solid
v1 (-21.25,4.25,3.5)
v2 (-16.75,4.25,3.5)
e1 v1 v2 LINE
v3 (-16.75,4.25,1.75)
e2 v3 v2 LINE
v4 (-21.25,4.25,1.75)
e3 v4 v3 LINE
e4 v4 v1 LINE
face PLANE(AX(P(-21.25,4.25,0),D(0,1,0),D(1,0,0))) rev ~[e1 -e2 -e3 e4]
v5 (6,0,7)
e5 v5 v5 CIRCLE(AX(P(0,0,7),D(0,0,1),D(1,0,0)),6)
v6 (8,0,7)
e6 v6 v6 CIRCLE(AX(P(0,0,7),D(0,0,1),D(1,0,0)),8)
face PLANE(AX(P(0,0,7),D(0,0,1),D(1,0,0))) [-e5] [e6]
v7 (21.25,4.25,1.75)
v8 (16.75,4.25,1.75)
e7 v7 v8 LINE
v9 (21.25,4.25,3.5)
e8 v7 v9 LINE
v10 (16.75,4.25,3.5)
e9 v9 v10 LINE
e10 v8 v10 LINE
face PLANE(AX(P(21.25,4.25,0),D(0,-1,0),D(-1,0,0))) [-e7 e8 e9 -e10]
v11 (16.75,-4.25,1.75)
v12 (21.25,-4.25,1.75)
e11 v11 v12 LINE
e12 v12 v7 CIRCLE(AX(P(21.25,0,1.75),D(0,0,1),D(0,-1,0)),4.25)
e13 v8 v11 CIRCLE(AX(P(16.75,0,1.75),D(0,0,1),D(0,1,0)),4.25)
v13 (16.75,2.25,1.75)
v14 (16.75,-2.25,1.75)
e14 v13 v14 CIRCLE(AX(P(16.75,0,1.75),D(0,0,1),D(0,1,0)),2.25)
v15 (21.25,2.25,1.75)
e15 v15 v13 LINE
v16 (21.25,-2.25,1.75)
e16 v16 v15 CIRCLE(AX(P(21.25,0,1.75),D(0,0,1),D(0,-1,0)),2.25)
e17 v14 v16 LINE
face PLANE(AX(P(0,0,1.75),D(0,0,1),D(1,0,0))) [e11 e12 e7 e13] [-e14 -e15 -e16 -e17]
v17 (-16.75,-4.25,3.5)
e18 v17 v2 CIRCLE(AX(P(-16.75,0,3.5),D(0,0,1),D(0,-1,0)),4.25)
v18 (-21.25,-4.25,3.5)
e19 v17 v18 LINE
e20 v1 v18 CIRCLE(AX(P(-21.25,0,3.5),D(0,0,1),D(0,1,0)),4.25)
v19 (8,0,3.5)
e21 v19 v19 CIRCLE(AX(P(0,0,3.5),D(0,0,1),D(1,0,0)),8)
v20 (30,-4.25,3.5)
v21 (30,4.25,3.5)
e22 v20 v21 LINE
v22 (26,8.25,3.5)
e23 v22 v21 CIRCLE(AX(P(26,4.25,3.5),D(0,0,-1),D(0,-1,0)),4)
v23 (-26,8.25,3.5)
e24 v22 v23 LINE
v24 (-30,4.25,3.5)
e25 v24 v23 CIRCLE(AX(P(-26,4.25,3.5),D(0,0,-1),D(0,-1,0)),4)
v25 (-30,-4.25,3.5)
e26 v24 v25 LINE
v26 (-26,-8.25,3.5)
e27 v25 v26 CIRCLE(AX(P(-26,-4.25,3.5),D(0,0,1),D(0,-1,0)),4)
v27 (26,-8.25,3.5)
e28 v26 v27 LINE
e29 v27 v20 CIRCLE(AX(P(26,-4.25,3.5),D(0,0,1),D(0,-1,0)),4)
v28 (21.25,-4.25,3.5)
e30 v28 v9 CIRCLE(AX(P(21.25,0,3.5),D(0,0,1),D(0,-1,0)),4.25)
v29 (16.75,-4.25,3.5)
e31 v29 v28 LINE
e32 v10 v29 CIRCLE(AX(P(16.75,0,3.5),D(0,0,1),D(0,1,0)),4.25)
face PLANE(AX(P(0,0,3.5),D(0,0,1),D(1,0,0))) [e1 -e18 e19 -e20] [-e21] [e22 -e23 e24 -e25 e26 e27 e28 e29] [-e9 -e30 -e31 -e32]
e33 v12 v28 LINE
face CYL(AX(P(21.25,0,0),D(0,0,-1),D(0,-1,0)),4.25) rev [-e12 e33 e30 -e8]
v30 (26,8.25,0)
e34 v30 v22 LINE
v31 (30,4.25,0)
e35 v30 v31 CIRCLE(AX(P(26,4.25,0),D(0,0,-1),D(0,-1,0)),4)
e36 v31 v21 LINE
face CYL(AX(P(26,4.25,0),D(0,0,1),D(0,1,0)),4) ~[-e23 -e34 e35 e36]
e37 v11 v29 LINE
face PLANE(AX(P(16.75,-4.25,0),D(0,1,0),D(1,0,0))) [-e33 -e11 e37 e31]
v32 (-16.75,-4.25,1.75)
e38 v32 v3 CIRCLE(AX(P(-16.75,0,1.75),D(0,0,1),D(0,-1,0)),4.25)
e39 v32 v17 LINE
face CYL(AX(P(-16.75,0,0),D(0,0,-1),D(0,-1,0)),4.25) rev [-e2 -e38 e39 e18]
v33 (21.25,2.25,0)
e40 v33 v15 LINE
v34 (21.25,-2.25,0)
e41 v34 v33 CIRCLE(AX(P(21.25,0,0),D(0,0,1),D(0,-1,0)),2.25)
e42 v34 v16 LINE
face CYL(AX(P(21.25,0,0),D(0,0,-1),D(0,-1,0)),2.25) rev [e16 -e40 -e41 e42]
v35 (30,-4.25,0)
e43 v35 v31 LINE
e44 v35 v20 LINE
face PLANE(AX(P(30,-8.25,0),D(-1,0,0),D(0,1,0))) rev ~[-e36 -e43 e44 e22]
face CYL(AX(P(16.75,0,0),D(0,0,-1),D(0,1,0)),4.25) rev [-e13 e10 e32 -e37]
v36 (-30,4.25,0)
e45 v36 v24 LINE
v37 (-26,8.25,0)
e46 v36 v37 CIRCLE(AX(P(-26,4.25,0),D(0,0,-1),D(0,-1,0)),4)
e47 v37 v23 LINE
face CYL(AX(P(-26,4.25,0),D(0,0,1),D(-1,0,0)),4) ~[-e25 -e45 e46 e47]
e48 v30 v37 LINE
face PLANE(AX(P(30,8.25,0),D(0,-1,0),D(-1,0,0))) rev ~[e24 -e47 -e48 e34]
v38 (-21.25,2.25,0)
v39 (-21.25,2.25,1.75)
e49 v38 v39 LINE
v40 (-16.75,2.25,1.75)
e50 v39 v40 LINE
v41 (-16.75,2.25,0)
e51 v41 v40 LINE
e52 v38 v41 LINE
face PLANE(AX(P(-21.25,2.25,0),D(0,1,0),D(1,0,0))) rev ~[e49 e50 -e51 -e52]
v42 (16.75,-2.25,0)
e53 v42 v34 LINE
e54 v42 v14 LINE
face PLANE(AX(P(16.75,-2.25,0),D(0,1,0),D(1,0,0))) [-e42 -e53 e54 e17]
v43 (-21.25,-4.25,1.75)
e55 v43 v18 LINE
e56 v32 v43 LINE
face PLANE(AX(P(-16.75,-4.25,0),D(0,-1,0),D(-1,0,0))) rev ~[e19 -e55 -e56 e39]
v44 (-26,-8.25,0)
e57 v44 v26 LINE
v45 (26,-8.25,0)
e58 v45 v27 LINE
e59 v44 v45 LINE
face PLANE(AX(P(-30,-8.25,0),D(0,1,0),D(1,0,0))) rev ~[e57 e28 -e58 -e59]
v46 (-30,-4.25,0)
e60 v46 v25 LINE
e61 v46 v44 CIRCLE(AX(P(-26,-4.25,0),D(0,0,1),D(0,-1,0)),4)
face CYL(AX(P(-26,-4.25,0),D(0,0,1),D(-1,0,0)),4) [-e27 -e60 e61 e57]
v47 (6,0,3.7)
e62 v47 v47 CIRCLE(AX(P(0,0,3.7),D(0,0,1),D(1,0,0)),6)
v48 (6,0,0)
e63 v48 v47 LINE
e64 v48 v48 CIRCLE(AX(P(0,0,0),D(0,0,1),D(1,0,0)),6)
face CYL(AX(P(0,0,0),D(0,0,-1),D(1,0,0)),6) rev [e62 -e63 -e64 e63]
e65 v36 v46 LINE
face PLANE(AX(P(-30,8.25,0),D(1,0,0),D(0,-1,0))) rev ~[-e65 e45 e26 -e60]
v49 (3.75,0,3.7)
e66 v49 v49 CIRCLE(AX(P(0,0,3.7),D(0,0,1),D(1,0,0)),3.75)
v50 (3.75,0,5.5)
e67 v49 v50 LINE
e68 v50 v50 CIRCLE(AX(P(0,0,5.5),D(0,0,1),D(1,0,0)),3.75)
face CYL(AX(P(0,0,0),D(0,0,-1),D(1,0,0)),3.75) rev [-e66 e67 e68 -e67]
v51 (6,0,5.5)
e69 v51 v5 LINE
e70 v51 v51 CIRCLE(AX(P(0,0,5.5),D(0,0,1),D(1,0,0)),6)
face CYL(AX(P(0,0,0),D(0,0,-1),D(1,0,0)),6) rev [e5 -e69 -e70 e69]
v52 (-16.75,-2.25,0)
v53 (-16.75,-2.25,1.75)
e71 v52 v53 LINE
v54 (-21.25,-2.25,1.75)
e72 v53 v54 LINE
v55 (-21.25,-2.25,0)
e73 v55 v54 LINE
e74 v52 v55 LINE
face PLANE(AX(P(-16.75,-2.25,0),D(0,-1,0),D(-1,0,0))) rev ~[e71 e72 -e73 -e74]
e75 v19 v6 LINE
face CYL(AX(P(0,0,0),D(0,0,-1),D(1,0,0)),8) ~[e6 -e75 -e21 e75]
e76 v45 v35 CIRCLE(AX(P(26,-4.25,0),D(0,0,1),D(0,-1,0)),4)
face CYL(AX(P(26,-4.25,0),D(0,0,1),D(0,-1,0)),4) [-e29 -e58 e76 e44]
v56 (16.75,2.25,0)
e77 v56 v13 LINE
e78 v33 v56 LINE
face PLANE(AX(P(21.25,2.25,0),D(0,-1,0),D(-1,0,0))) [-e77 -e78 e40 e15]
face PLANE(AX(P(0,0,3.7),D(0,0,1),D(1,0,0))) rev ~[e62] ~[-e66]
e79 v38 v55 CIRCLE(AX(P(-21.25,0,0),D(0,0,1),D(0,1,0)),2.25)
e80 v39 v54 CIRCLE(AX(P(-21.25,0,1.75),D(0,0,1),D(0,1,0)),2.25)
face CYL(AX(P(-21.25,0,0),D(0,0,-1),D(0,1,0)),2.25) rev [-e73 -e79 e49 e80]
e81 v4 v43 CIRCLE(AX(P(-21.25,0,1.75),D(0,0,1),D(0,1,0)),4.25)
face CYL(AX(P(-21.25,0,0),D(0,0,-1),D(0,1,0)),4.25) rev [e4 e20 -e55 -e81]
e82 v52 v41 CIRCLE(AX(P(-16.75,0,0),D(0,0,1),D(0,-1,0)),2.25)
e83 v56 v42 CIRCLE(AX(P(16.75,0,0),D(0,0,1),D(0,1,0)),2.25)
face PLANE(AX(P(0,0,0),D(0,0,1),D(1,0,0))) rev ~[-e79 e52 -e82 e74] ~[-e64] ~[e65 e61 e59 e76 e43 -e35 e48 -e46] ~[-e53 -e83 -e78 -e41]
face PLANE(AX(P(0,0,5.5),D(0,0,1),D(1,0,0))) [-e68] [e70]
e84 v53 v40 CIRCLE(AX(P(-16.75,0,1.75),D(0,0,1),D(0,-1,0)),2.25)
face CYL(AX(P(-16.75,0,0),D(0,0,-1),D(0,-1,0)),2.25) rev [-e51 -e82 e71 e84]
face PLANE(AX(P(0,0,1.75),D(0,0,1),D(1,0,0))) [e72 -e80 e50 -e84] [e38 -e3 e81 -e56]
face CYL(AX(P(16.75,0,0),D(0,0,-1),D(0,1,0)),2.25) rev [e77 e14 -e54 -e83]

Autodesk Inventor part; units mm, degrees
ref_plane "YZ Plane" through (0, 0, 0) normal (1, 0, 0) x (0, 1, 0)
ref_plane "XZ Plane" through (0, 0, 0) normal (0, 1, 0) x (-1, 0, 0)
ref_plane "XY Plane" through (0, 0, 0) normal (0, 0, 1) x (1, 0, 0)
sketch "skt_base" plane through (0, 0, 0) normal (0, 0, 1) x (1, 0, 0)
  line L0 (-30, -8.25) -> (30, -8.25)
  line L1 (30, -8.25) -> (30, 8.25)
  line L2 (30, 8.25) -> (-30, 8.25)
  line L3 (-30, 8.25) -> (-30, -8.25)
  line L4 (-30, -8.25) -> (30, 8.25) construction
  line L5 (30, -8.25) -> (-30, 8.25) construction
  line L6 (-30, 0) -> (30, 0) construction
  line L7 (0, -8.25) -> (0, 8.25) construction
  line L8 (14.5, 0) -> (23.5, 0) construction
  line L9 (16.75, -2.25) -> (21.25, -2.25)
  line L10 (21.25, 2.25) -> (16.75, 2.25)
  arc A0 (16.75, 2.25) -> (16.75, -2.25) centre (16.75, 0) ccw
  arc A1 (21.25, -2.25) -> (21.25, 2.25) centre (21.25, 0) ccw
  line L11 (12.5, 0) -> (25.5, 0) construction
  line L12 (16.75, -4.25) -> (21.25, -4.25)
  line L13 (21.25, 4.25) -> (16.75, 4.25)
  arc A2 (16.75, 4.25) -> (16.75, -4.25) centre (16.75, 0) ccw
  arc A3 (21.25, -4.25) -> (21.25, 4.25) centre (21.25, 0) ccw
  line L14 (-16.75, -2.25) -> (-21.25, -2.25)
  line L15 (-21.25, 2.25) -> (-16.75, 2.25)
  arc A4 (-16.75, -2.25) -> (-16.75, 2.25) centre (-16.75, 0) ccw
  arc A5 (-21.25, 2.25) -> (-21.25, -2.25) centre (-21.25, 0) ccw
  line L16 (-16.75, -4.25) -> (-21.25, -4.25)
  line L17 (-21.25, 4.25) -> (-16.75, 4.25)
  arc A6 (-16.75, -4.25) -> (-16.75, 4.25) centre (-16.75, 0) ccw
  arc A7 (-21.25, 4.25) -> (-21.25, -4.25) centre (-21.25, 0) ccw
  circle A8 centre (0, 0) radius 3.75
  circle A9 centre (0, 0) radius 6
  circle A10 centre (0, 0) radius 8
  point P0 (0, 0)
  point P1 (19, 0)
  point P2 (19, 0)
  point P3 (0, 0)
  dimension "d13" = 60
  dimension "d14" = 16.5
  dimension "d29" = 6.5
  dimension "d30" = 4.5
  dimension "d31" = 9
  dimension "d32" = 2
  dimension "d33" = 2
  dimension "d47" = 16
  dimension "d48" = 12
  dimension "d49" = 7.5
extrude "base" add sketch "skt_base" along normal blind 3.5 contours L3 L2 L1 L0
extrude "screw_head" add sketch "skt_base" along normal blind 1.75 contours A2 L13 A3 L12 | L16 A7 L17 A6
extrude "handle_support" add sketch "skt_base" along normal blind 7 contours A10
extrude "handle_guide" add sketch "skt_base" along normal blind 5.5 contours A9
extrude "handle_screw_head" cut sketch "skt_base" along normal blind 3.7 contours A9
fillet "side_fillets" radius 4 4 edges at (-30, -8.25, 1.75) (30, -8.25, 1.75) (30, 8.25, 1.75) (-30, 8.25, 1.75)
equation "\"d13\" = base_l"
equation "\"d14\" = base_w"
equation "\"d29\" = base_screw_b"
equation "\"d30\" = base_screw_w"
equation "\"d31\" = base_screw_l"
equation "\"d32\" = base_screw_p"
equation "\"d33\" = base_screw_p"
equation "\"d47\" = handle_screw_e"
equation "\"d48\" = handle_screw_p"
equation "\"d49\" = handle_screw_d"
equation "\"d15\" = base_t"
equation "\"d34\" = base_screw_t"
equation "\"d50\" = handle_screw_h"
equation "\"d52\" = handle_screw_h - handle_screw_b"
equation "\"d54\" = handle_screw_h - 2.2 * handle_screw_b"
equation "\"wall_inner_diam\" = 2"
equation "\"wall_outer_diam\" = 1"
equation "\"wall_height\" = 8"
equation "\"leg_diam\" = 3"
equation "\"leg_height\" = 4"
equation "\"wall_widh\" = 8"
equation "\"base_screw_w\" = 4.5"
equation "\"base_t\" = 3.5"
equation "\"base_w\" = 16.5"
equation "\"base_l\" = 60"
equation "\"base_screw_p\" = 2"
equation "\"base_screw_l\" = 9"
equation "\"base_screw_t\" = 1.75"
equation "\"base_screw_b\" = 6.5"
equation "\"handle_screw_p\" = 12"
equation "\"handle_screw_d\" = 7.5"
equation "\"handle_screw_e\" = 16"
equation "\"handle_screw_b\" = 1.5"
equation "\"handle_screw_h\" = 7"
equation "\"d44\" = 7.5"
equation "\"d45\" = 16"
equation "\"d46\" = 12"
properties part number "coffee"
